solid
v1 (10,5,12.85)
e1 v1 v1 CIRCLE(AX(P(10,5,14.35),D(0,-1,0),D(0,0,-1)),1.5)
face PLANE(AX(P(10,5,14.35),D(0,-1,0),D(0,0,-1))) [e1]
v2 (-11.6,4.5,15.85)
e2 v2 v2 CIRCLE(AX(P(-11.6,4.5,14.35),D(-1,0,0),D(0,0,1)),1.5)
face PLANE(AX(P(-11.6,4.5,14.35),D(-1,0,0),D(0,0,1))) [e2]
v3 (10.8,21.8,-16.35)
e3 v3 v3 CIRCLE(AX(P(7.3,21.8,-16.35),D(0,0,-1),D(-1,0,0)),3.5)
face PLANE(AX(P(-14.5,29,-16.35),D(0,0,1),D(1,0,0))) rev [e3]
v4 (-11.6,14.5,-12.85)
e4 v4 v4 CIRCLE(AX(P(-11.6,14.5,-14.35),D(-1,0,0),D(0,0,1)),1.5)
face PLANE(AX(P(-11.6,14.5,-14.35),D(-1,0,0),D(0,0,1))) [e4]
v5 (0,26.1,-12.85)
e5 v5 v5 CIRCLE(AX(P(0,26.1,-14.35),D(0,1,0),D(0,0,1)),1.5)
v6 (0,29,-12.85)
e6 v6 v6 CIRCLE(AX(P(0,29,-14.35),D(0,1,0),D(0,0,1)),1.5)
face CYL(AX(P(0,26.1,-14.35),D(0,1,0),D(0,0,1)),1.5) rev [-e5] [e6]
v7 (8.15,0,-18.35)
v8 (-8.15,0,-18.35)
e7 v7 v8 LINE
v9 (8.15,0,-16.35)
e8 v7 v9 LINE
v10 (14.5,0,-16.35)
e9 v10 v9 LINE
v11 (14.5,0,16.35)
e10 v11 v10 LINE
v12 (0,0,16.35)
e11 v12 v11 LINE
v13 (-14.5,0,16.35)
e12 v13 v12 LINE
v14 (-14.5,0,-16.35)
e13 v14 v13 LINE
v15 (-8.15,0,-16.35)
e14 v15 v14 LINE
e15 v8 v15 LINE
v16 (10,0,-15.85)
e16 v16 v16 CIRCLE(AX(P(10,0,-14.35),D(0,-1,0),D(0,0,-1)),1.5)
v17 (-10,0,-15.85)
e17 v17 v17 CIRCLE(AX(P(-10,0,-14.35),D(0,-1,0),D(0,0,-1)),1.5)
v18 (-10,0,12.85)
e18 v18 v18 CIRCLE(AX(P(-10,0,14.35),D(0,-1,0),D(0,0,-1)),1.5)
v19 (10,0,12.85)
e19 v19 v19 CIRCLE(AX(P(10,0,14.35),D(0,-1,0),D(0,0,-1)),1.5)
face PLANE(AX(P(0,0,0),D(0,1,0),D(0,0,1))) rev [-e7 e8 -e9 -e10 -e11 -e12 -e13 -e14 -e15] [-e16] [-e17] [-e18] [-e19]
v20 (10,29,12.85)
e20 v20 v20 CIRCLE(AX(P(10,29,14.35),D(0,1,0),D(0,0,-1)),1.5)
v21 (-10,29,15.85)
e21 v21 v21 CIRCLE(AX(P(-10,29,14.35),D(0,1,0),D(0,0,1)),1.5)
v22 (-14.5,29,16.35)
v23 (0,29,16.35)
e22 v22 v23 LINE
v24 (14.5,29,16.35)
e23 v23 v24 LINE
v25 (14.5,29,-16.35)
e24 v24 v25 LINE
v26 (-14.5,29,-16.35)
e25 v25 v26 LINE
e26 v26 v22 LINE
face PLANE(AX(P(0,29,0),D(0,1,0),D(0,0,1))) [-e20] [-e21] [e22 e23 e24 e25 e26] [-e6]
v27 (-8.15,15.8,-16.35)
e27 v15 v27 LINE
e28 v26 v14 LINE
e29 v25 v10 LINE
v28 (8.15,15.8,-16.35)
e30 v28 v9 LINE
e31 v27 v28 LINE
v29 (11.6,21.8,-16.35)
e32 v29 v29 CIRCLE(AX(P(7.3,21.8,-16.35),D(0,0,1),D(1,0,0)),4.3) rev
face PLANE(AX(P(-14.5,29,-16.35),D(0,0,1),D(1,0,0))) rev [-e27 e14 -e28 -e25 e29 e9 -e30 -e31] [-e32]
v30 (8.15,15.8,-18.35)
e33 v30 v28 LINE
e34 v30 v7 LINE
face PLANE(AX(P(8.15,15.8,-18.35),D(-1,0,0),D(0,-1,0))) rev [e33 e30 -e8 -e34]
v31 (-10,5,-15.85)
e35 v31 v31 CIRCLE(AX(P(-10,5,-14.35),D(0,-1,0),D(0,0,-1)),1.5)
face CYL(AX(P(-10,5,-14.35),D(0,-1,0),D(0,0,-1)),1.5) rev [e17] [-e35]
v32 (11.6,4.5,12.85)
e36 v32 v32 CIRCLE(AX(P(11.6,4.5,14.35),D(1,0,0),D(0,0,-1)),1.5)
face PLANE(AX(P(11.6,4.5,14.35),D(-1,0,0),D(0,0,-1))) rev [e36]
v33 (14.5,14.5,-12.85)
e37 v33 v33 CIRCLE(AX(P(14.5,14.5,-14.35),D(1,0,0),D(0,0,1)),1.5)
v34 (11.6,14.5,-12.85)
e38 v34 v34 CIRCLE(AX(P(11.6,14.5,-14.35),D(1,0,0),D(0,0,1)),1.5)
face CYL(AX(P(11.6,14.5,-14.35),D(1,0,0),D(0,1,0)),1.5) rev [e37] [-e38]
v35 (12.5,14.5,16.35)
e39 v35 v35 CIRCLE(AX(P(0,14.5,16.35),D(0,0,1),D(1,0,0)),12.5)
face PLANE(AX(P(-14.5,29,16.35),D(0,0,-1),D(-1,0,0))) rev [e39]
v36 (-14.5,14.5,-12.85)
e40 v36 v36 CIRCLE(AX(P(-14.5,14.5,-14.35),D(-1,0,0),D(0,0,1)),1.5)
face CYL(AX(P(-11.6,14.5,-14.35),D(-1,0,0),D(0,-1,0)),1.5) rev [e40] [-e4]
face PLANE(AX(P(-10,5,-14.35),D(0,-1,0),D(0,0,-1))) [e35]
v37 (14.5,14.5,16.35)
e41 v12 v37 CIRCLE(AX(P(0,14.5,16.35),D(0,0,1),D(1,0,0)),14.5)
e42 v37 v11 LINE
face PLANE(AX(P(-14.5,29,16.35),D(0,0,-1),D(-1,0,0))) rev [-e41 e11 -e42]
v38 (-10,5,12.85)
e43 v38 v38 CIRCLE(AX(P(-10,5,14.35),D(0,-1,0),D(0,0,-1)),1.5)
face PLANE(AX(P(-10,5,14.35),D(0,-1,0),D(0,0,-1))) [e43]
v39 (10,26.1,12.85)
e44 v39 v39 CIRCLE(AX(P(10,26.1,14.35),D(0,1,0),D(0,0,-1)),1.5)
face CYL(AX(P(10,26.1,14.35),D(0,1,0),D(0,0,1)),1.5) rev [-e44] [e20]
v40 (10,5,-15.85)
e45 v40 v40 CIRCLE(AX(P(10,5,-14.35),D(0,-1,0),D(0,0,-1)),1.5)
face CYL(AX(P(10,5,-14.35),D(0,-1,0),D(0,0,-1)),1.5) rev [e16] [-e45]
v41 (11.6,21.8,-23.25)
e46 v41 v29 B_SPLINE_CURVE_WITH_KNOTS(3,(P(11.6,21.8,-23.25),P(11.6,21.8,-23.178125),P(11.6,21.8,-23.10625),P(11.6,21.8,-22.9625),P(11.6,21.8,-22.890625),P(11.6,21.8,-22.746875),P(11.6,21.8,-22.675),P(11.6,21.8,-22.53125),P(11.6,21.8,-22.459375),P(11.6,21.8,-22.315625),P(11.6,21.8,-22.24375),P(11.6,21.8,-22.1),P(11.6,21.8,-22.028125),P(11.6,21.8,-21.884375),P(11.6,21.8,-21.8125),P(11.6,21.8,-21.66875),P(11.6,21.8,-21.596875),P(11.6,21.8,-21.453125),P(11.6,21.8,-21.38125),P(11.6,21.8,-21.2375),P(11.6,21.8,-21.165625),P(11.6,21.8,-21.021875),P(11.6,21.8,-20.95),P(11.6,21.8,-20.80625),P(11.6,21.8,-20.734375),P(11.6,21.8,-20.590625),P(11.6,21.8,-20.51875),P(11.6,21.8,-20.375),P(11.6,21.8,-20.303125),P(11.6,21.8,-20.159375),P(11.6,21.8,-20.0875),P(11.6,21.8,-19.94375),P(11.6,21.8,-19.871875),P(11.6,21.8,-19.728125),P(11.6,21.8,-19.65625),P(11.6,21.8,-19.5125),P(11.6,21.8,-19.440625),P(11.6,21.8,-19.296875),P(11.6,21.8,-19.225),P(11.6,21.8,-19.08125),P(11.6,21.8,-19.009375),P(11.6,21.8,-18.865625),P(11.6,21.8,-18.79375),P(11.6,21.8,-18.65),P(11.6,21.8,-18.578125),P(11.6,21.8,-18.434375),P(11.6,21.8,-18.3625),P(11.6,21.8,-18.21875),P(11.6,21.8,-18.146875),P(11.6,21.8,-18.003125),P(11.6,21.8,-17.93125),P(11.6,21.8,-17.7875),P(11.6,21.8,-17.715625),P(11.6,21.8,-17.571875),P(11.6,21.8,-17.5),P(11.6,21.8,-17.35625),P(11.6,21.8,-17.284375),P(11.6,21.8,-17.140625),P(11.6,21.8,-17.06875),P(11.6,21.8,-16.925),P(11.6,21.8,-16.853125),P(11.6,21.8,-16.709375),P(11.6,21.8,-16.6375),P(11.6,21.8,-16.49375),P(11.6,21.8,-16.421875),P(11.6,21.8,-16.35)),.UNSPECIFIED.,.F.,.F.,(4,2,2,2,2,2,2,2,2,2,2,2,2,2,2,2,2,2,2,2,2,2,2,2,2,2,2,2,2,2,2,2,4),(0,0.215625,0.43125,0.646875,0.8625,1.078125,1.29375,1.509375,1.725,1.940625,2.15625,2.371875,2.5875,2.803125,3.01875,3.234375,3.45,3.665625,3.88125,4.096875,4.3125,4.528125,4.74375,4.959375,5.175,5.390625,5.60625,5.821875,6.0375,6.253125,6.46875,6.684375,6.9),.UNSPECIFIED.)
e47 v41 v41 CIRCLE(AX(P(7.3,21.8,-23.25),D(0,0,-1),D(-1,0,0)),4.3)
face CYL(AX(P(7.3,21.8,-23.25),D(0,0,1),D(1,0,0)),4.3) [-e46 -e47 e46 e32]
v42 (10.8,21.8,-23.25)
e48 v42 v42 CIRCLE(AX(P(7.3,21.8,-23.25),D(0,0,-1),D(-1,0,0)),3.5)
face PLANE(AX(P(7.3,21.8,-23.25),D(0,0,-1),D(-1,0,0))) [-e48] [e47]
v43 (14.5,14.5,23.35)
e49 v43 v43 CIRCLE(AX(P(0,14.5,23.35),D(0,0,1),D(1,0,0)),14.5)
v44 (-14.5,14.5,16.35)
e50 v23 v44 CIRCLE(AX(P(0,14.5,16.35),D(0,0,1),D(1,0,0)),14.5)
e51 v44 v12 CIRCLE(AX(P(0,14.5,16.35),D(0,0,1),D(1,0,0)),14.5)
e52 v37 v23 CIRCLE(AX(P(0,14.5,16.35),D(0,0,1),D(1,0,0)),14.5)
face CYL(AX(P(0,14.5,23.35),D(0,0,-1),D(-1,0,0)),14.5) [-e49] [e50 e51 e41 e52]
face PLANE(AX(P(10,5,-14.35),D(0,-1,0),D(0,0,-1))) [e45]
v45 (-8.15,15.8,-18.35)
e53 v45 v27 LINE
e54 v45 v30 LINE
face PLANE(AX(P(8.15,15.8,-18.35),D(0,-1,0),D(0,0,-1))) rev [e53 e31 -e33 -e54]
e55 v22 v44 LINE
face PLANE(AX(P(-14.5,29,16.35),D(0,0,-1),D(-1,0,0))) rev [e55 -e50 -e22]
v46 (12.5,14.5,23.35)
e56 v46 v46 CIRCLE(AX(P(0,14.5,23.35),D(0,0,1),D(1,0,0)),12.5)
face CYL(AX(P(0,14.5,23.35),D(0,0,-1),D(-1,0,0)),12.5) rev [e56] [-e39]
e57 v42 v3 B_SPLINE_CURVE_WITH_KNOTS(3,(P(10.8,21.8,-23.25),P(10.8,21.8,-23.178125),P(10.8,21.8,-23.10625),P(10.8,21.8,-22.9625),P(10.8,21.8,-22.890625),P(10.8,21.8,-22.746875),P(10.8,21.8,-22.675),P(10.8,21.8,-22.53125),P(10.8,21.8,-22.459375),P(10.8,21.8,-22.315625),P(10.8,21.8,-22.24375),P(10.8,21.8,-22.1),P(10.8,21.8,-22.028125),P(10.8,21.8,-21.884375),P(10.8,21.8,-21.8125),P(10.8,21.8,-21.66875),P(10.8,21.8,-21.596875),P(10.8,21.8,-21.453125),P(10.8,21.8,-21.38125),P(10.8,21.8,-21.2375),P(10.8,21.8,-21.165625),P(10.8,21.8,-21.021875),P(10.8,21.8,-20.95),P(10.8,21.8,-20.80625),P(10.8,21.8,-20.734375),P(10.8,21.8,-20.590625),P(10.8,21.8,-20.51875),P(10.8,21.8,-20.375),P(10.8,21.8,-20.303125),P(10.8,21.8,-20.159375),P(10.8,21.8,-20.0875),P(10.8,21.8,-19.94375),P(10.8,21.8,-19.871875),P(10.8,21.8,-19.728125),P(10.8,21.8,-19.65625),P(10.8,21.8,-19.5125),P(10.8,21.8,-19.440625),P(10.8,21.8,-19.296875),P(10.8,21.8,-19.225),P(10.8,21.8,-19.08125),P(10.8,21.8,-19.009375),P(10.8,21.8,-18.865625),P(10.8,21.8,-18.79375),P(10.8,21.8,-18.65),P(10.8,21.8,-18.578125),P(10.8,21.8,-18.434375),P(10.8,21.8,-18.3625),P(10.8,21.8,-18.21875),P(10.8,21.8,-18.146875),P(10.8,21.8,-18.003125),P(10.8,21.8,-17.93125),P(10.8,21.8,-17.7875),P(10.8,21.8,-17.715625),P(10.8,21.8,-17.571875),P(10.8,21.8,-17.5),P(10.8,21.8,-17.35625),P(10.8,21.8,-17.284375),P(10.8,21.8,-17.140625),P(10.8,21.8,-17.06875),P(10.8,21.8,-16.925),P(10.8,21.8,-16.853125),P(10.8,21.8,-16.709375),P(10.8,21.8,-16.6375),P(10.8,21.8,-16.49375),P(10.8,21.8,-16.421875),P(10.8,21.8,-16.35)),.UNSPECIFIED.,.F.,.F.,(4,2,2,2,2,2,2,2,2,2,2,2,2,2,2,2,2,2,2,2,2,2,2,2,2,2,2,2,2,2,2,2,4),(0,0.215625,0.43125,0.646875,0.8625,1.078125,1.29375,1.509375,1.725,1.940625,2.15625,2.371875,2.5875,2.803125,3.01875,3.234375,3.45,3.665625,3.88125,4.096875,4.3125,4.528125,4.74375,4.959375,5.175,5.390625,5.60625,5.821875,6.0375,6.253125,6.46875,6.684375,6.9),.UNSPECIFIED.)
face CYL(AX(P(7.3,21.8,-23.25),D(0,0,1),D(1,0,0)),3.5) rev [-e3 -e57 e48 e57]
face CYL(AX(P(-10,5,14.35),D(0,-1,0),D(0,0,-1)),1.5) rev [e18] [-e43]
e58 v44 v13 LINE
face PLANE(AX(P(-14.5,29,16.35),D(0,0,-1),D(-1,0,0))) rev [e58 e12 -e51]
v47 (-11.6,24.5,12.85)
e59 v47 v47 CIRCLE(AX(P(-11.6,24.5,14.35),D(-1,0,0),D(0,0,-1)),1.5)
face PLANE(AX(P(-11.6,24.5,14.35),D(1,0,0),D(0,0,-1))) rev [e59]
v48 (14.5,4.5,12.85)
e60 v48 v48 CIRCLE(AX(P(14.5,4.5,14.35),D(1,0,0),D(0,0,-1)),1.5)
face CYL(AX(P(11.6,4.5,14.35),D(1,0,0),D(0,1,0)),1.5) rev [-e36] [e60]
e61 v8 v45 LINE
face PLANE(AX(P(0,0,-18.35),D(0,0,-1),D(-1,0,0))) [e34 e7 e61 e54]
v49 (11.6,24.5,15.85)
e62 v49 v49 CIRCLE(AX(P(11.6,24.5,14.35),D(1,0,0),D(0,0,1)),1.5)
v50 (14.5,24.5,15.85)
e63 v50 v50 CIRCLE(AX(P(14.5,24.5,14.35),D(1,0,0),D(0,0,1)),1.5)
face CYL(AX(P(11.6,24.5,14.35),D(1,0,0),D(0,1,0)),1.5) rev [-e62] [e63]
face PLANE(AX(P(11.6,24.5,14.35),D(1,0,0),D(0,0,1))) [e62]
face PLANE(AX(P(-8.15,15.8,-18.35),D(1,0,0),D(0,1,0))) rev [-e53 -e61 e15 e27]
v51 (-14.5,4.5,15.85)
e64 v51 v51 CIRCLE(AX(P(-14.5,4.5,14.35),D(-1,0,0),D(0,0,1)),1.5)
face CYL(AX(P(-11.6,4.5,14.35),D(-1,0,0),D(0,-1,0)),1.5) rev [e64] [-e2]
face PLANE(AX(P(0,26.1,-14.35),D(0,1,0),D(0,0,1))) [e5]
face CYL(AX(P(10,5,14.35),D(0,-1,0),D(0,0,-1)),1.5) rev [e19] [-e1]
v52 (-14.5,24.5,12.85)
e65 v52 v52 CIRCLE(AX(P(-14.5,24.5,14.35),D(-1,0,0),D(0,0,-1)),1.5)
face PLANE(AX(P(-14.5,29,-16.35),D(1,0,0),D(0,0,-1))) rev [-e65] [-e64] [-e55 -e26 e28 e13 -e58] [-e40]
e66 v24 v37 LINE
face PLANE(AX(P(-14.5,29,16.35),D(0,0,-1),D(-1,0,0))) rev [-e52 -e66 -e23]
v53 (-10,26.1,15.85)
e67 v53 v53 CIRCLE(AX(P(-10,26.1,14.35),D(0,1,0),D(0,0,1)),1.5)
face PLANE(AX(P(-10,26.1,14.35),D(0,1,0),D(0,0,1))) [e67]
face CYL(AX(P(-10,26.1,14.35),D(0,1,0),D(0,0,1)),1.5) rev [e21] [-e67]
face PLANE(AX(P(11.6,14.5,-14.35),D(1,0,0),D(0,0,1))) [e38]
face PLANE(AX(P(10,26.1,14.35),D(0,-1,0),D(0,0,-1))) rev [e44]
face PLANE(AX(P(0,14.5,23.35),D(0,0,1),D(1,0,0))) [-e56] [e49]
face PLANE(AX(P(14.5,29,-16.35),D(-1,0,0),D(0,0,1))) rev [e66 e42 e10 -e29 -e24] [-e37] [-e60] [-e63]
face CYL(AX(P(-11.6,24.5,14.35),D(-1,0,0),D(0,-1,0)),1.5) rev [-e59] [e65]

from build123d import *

# Parameters (mm, degrees)
SKETCH_1_W               = 29
SKETCH_1_H               = 32.7
EXTRUDE_1_DEPTH          = 29
SKETCH_2_R               = 14.5
SKETCH_2_R_2             = 12.5
EXTRUDE_2_DEPTH          = 7
SKETCH_3_R               = 1.5
CUT_EXTRUDE_1_DEPTH      = 5
CUT_EXTRUDE_START        = -2.9
SKETCH_4_R               = 1.5
CUT_EXTRUDE_2_DEPTH      = 2.9
SKETCH_5_R               = 4.3
SKETCH_5_R_2             = 3.5
EXTRUDE_3_DEPTH          = 6.9
SKETCH_6_W               = 16.3
SKETCH_6_H               = 15.8
EXTRUDE_4_DEPTH          = 2
PATTERN_CIRCULAR_1_COUNT = 4


with BuildPart() as part:
    # 草图1 → 凸台-拉伸1 (new body)
    with BuildSketch(Plane(origin=(0, 0, 0), x_dir=(1, 0, 0), z_dir=(0, 1, 0))):
        Rectangle(SKETCH_1_W, SKETCH_1_H)
    extrude(amount=EXTRUDE_1_DEPTH)

    # 草图2 → 凸台-拉伸2 (add)
    with BuildSketch(Plane.XY.offset(16.35)):
        with Locations((0, 14.5)):
            Circle(SKETCH_2_R)
        with Locations((0, 14.5)):
            Circle(SKETCH_2_R_2, mode=Mode.SUBTRACT)
    extrude(amount=EXTRUDE_2_DEPTH)

    # 草图3 → 切除-拉伸1 (cut)
    with BuildSketch(Plane.XZ):
        with Locations(Location((-10, 14.35, 0), (0, 0, 270))):
            Circle(SKETCH_3_R)
        with Locations(Location((10, 14.35, 0), (0, 0, 270))):
            Circle(SKETCH_3_R)
        with Locations(Location((-10, -14.35, 0), (0, 0, 270))):
            Circle(SKETCH_3_R)
        with Locations(Location((10, -14.35, 0), (0, 0, 270))):
            Circle(SKETCH_3_R)
    extrude(amount=-CUT_EXTRUDE_1_DEPTH, mode=Mode.SUBTRACT)

    # 草图4 → 切除-拉伸2 (cut)
    with BuildSketch(Plane(origin=(0, 29, 0), x_dir=(1, 0, 0), z_dir=(0, 1, 0)).offset(CUT_EXTRUDE_START)):
        with Locations(Location((0, 14.35, 0), (0, 0, 270))):
            Circle(SKETCH_4_R)
        with Locations(Location((-10, -14.35, 0), (0, 0, 90))):
            Circle(SKETCH_4_R)
        with Locations(Location((10, -14.35, 0), (0, 0, 90))):
            Circle(SKETCH_4_R)
    cut_extrude_2 = extrude(amount=CUT_EXTRUDE_2_DEPTH, mode=Mode.SUBTRACT)

    # 草图5 → 凸台-拉伸3 (add)
    with BuildSketch(Plane(origin=(0, 0, -16.35), x_dir=(-1, 0, 0), z_dir=(0, 0, -1))):
        with Locations(Location((-7.3, 21.8, 0), (0, 0, 180))):
            Circle(SKETCH_5_R)
        with Locations(Location((-7.3, 21.8, 0), (0, 0, 180))):
            Circle(SKETCH_5_R_2, mode=Mode.SUBTRACT)
    extrude(amount=EXTRUDE_3_DEPTH)

    # 草图6 → 凸台-拉伸4 (add)
    with BuildSketch(Plane(origin=(0, 0, -16.35), x_dir=(-1, 0, 0), z_dir=(0, 0, -1))):
        with Locations((0, 7.9)):
            Rectangle(SKETCH_6_W, SKETCH_6_H)
    extrude(amount=EXTRUDE_4_DEPTH)

    # 阵列(圆周)1: 切除-拉伸2 ×4 about axis, 1 skipped
    pattern_circular_1_axis = Axis((0, 14.5, 0), (0, 0, -1))
    add([cut_extrude_2.rotate(pattern_circular_1_axis, i * 360 / PATTERN_CIRCULAR_1_COUNT) for i in range(1, PATTERN_CIRCULAR_1_COUNT) if i not in (2,)], mode=Mode.SUBTRACT)


solid = part.part
